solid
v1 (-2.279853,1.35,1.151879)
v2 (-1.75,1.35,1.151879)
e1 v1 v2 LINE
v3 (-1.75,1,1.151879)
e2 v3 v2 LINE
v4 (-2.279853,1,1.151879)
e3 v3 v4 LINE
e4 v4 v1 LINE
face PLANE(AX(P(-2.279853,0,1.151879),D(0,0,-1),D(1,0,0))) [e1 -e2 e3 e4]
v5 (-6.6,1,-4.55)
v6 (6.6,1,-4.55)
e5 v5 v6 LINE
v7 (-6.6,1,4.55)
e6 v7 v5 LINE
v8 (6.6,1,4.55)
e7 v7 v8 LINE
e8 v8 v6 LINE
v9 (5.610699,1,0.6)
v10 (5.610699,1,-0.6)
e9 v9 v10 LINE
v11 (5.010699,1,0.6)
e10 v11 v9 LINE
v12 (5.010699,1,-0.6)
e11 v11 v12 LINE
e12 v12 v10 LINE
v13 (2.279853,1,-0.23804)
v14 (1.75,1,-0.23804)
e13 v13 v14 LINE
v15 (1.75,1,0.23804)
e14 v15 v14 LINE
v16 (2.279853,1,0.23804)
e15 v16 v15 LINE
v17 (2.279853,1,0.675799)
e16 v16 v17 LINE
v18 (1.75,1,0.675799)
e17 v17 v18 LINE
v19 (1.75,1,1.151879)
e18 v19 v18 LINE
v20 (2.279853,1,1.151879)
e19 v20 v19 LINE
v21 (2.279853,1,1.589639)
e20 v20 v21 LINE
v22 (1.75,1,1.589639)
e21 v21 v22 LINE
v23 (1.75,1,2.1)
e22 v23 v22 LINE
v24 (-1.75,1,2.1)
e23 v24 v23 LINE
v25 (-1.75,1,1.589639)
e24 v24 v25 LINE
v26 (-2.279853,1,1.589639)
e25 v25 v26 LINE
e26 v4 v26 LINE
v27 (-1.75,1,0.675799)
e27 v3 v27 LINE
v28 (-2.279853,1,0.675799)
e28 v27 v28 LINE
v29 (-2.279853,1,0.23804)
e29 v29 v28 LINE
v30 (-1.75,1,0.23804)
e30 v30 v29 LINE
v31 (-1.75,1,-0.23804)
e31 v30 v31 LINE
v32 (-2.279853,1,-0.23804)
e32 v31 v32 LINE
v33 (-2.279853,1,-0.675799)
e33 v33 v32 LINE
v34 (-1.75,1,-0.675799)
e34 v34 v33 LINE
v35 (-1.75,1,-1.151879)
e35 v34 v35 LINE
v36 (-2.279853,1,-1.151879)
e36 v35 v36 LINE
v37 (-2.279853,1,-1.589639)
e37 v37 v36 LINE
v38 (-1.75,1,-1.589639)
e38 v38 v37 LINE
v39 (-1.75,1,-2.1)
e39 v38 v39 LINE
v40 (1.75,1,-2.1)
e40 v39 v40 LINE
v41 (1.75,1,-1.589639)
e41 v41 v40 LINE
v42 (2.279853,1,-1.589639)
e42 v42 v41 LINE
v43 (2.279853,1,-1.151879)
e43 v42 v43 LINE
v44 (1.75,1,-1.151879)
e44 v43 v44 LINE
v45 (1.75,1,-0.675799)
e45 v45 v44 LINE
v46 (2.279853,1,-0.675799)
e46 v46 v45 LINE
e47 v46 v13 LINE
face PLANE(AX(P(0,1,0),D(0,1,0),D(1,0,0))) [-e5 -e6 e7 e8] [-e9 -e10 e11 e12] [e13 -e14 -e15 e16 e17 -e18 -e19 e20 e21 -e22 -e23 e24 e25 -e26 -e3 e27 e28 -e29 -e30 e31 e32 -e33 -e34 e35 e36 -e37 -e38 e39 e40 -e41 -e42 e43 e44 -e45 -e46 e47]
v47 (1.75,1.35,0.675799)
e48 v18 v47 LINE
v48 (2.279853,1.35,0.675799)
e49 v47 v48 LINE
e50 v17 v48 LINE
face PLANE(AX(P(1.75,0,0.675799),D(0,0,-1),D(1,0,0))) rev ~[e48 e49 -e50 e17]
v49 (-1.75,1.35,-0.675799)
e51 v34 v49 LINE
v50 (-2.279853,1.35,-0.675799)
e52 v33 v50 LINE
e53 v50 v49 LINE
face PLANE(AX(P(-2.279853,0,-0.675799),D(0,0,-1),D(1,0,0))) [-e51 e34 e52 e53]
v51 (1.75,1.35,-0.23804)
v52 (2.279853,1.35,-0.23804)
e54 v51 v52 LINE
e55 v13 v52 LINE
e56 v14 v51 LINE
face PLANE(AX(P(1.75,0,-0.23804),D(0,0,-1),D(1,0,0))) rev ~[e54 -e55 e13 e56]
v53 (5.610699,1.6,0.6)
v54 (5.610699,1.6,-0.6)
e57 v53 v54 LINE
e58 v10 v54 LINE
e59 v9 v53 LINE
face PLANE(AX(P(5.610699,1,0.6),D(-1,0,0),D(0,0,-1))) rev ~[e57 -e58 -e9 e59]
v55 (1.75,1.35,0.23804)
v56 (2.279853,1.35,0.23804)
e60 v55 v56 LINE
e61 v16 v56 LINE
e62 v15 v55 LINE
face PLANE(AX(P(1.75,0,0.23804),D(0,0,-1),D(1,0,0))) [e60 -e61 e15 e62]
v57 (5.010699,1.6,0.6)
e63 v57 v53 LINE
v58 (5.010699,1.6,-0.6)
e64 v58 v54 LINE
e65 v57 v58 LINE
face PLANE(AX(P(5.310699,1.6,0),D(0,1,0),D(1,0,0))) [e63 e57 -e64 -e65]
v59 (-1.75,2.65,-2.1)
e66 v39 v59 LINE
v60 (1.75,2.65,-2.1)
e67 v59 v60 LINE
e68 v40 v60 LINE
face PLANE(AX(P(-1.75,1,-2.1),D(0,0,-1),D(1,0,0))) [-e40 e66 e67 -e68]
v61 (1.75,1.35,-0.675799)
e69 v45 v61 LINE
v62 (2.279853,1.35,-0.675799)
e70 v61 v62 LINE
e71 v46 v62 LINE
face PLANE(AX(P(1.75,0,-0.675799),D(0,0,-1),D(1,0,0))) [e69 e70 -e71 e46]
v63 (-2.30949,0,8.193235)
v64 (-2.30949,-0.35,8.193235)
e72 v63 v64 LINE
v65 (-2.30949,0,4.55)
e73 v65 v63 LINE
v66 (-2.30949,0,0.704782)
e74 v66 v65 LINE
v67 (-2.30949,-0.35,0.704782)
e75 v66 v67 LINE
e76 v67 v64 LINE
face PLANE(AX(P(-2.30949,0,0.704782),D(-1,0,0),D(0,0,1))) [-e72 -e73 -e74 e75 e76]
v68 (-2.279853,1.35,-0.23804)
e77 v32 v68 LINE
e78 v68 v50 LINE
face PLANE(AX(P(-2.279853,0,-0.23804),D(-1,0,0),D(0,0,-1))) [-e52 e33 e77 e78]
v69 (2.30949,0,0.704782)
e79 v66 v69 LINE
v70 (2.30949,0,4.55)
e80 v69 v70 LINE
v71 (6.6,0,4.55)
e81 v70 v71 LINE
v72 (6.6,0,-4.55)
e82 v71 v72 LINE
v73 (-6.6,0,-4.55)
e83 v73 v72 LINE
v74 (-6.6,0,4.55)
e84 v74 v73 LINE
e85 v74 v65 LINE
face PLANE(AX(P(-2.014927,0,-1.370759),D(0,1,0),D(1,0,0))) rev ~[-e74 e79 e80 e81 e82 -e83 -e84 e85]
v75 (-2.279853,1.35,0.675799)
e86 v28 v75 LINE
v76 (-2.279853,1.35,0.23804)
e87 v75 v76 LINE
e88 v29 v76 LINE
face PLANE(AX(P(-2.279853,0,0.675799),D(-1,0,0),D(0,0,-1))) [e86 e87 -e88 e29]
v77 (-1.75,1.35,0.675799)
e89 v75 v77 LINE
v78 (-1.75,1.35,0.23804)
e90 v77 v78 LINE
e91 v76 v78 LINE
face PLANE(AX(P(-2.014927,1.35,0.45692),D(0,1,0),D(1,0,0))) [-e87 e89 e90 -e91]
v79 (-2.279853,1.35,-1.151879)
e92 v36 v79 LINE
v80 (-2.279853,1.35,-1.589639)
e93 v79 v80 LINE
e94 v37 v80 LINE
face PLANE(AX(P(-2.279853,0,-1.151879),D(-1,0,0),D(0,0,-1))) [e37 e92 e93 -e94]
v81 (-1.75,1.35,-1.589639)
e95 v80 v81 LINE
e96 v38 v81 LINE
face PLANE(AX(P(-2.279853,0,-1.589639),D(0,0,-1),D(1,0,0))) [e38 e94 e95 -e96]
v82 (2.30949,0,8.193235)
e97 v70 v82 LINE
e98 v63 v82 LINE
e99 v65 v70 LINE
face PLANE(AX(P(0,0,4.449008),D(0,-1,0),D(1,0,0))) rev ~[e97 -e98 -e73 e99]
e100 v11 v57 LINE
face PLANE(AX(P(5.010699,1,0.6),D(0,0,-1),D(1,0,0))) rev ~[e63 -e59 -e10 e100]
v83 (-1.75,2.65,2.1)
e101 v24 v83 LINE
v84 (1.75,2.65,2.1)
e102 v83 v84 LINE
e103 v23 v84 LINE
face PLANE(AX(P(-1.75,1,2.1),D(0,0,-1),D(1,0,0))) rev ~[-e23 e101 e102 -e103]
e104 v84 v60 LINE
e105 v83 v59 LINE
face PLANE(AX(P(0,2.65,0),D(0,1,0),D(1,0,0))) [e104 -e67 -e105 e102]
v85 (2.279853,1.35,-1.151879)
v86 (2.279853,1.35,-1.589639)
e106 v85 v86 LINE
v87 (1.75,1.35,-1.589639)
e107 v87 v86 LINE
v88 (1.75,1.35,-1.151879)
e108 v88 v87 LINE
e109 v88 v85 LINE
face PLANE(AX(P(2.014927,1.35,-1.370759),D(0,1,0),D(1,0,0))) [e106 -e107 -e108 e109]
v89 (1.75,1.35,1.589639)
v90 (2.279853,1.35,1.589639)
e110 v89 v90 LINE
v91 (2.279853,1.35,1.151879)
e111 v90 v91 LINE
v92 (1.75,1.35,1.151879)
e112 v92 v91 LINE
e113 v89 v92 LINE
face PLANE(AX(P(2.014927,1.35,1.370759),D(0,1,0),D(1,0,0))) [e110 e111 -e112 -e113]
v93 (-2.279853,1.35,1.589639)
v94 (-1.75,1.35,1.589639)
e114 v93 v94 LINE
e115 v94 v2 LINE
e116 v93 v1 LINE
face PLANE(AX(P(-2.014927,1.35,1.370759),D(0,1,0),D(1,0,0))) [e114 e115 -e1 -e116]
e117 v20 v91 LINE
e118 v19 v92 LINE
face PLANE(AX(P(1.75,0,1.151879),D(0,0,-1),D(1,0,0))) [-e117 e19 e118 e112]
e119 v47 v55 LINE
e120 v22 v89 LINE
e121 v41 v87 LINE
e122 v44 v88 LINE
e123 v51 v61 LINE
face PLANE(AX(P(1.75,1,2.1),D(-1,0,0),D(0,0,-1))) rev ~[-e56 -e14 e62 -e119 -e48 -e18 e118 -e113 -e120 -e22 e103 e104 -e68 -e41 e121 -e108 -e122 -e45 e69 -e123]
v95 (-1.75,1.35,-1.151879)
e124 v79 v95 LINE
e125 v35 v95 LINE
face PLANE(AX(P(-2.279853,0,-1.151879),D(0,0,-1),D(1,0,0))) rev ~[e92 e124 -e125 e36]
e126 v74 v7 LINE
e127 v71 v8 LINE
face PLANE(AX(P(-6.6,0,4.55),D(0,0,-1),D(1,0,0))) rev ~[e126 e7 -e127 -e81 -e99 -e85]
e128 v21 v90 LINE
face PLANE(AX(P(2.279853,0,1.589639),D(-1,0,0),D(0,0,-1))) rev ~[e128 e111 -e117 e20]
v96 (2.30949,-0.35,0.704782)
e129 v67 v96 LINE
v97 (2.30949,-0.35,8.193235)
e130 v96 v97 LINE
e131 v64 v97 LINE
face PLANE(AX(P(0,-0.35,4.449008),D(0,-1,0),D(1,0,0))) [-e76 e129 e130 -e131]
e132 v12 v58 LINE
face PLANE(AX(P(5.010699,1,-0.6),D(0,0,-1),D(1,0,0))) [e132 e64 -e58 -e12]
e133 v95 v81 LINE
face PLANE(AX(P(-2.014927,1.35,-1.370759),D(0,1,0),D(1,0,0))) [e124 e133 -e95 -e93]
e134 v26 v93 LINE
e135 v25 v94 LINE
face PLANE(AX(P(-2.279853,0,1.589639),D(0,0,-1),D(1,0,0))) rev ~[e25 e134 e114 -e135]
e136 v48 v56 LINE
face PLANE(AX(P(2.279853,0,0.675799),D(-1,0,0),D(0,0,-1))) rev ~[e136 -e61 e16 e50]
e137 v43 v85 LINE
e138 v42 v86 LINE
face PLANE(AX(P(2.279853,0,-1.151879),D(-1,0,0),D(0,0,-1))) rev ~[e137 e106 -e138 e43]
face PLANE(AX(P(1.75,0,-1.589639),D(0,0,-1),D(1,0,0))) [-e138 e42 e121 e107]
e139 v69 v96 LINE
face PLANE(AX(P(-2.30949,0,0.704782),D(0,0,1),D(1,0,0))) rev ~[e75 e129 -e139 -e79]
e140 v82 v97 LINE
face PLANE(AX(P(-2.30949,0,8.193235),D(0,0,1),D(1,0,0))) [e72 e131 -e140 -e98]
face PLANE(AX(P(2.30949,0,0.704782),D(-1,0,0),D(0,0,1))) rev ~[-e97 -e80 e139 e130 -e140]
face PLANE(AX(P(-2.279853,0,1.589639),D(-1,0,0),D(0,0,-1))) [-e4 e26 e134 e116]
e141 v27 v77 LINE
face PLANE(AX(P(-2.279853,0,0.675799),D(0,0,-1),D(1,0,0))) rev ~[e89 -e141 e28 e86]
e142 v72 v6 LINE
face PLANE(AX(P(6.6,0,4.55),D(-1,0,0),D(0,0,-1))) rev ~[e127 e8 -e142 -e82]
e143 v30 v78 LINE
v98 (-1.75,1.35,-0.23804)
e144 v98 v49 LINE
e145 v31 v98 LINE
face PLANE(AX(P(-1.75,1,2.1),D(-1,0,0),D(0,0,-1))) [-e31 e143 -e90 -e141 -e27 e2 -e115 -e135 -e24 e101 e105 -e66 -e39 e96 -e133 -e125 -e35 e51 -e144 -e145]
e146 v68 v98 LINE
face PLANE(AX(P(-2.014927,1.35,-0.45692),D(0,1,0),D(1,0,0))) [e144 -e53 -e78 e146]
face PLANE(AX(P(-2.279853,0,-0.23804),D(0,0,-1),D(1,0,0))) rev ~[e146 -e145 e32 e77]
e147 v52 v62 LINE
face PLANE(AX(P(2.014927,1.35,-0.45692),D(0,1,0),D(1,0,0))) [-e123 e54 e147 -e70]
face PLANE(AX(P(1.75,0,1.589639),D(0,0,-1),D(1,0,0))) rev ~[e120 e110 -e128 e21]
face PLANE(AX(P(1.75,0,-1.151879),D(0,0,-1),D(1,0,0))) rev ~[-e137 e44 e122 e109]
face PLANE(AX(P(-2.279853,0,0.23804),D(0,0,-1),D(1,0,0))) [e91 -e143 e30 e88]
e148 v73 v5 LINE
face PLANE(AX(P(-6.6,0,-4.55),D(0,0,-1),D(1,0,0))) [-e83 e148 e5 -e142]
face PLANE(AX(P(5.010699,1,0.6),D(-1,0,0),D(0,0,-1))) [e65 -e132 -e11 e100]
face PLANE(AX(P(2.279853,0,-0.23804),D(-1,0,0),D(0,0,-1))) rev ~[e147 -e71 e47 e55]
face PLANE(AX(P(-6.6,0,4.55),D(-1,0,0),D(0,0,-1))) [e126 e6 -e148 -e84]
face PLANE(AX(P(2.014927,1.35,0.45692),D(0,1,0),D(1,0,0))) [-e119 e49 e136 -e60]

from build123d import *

# Parameters (mm, degrees)
SKETCH1_W           = 13.2
SKETCH1_H           = 9.1
BOSS_EXTRUDE1_DEPTH = 1
SKETCH2_W           = 3.5
SKETCH2_H           = 4.2
BOSS_EXTRUDE2_DEPTH = 1.65
SKETCH3_W           = 0.6
SKETCH3_H           = 1.2
BOSS_EXTRUDE3_DEPTH = 0.6
SKETCH4_W           = 4.618980196
SKETCH4_H           = 7.488452384
BOSS_EXTRUDE4_DEPTH = 0.35
SKETCH5_W           = 0.529853481
SKETCH5_H           = 0.437759734
SKETCH5_H_2         = 0.437759735
BOSS_EXTRUDE5_DEPTH = 1.35


with BuildPart() as part:
    # Sketch1 → Boss-Extrude1 (new body)
    with BuildSketch(Plane(origin=(0, 0, 0), x_dir=(1, 0, 0), z_dir=(0, 1, 0))):
        Rectangle(SKETCH1_W, SKETCH1_H)
    extrude(amount=BOSS_EXTRUDE1_DEPTH)

    # Sketch2 → Boss-Extrude2 (add)
    with BuildSketch(Plane(origin=(0, 1, 0), x_dir=(1, 0, 0), z_dir=(0, 1, 0))):
        Rectangle(SKETCH2_W, SKETCH2_H)
    extrude(amount=BOSS_EXTRUDE2_DEPTH)

    # Sketch3 → Boss-Extrude3 (add)
    with BuildSketch(Plane(origin=(0, 1, 0), x_dir=(1, 0, 0), z_dir=(0, 1, 0))):
        with Locations((5.310699057, 0)):
            Rectangle(SKETCH3_W, SKETCH3_H)
    extrude(amount=BOSS_EXTRUDE3_DEPTH)

    # Sketch4 → Boss-Extrude4 (add)
    with BuildSketch(Plane.XZ):
        with Locations((0, 4.449008393)):
            Rectangle(SKETCH4_W, SKETCH4_H)
    extrude(amount=BOSS_EXTRUDE4_DEPTH)

    # Sketch5 → Boss-Extrude5 (add)
    with BuildSketch(Plane(origin=(0, 0, 0), x_dir=(1, 0, 0), z_dir=(0, 1, 0))):
        with Locations((-2.01492674, 1.370758696)):
            Rectangle(SKETCH5_W, SKETCH5_H)
        with Locations((-2.01492674, 0.456919566)):
            Rectangle(SKETCH5_W, SKETCH5_H_2)
        with Locations((2.01492674, 0.456919566)):
            Rectangle(SKETCH5_W, SKETCH5_H_2)
        with Locations((2.01492674, 1.370758696)):
            Rectangle(SKETCH5_W, SKETCH5_H)
        with Locations((2.01492674, -1.370758696)):
            Rectangle(SKETCH5_W, SKETCH5_H)
        with Locations((2.01492674, -0.456919566)):
            Rectangle(SKETCH5_W, SKETCH5_H_2)
        with Locations((-2.01492674, -0.456919566)):
            Rectangle(SKETCH5_W, SKETCH5_H_2)
        with Locations((-2.01492674, -1.370758696)):
            Rectangle(SKETCH5_W, SKETCH5_H)
    extrude(amount=BOSS_EXTRUDE5_DEPTH)


solid = part.part
